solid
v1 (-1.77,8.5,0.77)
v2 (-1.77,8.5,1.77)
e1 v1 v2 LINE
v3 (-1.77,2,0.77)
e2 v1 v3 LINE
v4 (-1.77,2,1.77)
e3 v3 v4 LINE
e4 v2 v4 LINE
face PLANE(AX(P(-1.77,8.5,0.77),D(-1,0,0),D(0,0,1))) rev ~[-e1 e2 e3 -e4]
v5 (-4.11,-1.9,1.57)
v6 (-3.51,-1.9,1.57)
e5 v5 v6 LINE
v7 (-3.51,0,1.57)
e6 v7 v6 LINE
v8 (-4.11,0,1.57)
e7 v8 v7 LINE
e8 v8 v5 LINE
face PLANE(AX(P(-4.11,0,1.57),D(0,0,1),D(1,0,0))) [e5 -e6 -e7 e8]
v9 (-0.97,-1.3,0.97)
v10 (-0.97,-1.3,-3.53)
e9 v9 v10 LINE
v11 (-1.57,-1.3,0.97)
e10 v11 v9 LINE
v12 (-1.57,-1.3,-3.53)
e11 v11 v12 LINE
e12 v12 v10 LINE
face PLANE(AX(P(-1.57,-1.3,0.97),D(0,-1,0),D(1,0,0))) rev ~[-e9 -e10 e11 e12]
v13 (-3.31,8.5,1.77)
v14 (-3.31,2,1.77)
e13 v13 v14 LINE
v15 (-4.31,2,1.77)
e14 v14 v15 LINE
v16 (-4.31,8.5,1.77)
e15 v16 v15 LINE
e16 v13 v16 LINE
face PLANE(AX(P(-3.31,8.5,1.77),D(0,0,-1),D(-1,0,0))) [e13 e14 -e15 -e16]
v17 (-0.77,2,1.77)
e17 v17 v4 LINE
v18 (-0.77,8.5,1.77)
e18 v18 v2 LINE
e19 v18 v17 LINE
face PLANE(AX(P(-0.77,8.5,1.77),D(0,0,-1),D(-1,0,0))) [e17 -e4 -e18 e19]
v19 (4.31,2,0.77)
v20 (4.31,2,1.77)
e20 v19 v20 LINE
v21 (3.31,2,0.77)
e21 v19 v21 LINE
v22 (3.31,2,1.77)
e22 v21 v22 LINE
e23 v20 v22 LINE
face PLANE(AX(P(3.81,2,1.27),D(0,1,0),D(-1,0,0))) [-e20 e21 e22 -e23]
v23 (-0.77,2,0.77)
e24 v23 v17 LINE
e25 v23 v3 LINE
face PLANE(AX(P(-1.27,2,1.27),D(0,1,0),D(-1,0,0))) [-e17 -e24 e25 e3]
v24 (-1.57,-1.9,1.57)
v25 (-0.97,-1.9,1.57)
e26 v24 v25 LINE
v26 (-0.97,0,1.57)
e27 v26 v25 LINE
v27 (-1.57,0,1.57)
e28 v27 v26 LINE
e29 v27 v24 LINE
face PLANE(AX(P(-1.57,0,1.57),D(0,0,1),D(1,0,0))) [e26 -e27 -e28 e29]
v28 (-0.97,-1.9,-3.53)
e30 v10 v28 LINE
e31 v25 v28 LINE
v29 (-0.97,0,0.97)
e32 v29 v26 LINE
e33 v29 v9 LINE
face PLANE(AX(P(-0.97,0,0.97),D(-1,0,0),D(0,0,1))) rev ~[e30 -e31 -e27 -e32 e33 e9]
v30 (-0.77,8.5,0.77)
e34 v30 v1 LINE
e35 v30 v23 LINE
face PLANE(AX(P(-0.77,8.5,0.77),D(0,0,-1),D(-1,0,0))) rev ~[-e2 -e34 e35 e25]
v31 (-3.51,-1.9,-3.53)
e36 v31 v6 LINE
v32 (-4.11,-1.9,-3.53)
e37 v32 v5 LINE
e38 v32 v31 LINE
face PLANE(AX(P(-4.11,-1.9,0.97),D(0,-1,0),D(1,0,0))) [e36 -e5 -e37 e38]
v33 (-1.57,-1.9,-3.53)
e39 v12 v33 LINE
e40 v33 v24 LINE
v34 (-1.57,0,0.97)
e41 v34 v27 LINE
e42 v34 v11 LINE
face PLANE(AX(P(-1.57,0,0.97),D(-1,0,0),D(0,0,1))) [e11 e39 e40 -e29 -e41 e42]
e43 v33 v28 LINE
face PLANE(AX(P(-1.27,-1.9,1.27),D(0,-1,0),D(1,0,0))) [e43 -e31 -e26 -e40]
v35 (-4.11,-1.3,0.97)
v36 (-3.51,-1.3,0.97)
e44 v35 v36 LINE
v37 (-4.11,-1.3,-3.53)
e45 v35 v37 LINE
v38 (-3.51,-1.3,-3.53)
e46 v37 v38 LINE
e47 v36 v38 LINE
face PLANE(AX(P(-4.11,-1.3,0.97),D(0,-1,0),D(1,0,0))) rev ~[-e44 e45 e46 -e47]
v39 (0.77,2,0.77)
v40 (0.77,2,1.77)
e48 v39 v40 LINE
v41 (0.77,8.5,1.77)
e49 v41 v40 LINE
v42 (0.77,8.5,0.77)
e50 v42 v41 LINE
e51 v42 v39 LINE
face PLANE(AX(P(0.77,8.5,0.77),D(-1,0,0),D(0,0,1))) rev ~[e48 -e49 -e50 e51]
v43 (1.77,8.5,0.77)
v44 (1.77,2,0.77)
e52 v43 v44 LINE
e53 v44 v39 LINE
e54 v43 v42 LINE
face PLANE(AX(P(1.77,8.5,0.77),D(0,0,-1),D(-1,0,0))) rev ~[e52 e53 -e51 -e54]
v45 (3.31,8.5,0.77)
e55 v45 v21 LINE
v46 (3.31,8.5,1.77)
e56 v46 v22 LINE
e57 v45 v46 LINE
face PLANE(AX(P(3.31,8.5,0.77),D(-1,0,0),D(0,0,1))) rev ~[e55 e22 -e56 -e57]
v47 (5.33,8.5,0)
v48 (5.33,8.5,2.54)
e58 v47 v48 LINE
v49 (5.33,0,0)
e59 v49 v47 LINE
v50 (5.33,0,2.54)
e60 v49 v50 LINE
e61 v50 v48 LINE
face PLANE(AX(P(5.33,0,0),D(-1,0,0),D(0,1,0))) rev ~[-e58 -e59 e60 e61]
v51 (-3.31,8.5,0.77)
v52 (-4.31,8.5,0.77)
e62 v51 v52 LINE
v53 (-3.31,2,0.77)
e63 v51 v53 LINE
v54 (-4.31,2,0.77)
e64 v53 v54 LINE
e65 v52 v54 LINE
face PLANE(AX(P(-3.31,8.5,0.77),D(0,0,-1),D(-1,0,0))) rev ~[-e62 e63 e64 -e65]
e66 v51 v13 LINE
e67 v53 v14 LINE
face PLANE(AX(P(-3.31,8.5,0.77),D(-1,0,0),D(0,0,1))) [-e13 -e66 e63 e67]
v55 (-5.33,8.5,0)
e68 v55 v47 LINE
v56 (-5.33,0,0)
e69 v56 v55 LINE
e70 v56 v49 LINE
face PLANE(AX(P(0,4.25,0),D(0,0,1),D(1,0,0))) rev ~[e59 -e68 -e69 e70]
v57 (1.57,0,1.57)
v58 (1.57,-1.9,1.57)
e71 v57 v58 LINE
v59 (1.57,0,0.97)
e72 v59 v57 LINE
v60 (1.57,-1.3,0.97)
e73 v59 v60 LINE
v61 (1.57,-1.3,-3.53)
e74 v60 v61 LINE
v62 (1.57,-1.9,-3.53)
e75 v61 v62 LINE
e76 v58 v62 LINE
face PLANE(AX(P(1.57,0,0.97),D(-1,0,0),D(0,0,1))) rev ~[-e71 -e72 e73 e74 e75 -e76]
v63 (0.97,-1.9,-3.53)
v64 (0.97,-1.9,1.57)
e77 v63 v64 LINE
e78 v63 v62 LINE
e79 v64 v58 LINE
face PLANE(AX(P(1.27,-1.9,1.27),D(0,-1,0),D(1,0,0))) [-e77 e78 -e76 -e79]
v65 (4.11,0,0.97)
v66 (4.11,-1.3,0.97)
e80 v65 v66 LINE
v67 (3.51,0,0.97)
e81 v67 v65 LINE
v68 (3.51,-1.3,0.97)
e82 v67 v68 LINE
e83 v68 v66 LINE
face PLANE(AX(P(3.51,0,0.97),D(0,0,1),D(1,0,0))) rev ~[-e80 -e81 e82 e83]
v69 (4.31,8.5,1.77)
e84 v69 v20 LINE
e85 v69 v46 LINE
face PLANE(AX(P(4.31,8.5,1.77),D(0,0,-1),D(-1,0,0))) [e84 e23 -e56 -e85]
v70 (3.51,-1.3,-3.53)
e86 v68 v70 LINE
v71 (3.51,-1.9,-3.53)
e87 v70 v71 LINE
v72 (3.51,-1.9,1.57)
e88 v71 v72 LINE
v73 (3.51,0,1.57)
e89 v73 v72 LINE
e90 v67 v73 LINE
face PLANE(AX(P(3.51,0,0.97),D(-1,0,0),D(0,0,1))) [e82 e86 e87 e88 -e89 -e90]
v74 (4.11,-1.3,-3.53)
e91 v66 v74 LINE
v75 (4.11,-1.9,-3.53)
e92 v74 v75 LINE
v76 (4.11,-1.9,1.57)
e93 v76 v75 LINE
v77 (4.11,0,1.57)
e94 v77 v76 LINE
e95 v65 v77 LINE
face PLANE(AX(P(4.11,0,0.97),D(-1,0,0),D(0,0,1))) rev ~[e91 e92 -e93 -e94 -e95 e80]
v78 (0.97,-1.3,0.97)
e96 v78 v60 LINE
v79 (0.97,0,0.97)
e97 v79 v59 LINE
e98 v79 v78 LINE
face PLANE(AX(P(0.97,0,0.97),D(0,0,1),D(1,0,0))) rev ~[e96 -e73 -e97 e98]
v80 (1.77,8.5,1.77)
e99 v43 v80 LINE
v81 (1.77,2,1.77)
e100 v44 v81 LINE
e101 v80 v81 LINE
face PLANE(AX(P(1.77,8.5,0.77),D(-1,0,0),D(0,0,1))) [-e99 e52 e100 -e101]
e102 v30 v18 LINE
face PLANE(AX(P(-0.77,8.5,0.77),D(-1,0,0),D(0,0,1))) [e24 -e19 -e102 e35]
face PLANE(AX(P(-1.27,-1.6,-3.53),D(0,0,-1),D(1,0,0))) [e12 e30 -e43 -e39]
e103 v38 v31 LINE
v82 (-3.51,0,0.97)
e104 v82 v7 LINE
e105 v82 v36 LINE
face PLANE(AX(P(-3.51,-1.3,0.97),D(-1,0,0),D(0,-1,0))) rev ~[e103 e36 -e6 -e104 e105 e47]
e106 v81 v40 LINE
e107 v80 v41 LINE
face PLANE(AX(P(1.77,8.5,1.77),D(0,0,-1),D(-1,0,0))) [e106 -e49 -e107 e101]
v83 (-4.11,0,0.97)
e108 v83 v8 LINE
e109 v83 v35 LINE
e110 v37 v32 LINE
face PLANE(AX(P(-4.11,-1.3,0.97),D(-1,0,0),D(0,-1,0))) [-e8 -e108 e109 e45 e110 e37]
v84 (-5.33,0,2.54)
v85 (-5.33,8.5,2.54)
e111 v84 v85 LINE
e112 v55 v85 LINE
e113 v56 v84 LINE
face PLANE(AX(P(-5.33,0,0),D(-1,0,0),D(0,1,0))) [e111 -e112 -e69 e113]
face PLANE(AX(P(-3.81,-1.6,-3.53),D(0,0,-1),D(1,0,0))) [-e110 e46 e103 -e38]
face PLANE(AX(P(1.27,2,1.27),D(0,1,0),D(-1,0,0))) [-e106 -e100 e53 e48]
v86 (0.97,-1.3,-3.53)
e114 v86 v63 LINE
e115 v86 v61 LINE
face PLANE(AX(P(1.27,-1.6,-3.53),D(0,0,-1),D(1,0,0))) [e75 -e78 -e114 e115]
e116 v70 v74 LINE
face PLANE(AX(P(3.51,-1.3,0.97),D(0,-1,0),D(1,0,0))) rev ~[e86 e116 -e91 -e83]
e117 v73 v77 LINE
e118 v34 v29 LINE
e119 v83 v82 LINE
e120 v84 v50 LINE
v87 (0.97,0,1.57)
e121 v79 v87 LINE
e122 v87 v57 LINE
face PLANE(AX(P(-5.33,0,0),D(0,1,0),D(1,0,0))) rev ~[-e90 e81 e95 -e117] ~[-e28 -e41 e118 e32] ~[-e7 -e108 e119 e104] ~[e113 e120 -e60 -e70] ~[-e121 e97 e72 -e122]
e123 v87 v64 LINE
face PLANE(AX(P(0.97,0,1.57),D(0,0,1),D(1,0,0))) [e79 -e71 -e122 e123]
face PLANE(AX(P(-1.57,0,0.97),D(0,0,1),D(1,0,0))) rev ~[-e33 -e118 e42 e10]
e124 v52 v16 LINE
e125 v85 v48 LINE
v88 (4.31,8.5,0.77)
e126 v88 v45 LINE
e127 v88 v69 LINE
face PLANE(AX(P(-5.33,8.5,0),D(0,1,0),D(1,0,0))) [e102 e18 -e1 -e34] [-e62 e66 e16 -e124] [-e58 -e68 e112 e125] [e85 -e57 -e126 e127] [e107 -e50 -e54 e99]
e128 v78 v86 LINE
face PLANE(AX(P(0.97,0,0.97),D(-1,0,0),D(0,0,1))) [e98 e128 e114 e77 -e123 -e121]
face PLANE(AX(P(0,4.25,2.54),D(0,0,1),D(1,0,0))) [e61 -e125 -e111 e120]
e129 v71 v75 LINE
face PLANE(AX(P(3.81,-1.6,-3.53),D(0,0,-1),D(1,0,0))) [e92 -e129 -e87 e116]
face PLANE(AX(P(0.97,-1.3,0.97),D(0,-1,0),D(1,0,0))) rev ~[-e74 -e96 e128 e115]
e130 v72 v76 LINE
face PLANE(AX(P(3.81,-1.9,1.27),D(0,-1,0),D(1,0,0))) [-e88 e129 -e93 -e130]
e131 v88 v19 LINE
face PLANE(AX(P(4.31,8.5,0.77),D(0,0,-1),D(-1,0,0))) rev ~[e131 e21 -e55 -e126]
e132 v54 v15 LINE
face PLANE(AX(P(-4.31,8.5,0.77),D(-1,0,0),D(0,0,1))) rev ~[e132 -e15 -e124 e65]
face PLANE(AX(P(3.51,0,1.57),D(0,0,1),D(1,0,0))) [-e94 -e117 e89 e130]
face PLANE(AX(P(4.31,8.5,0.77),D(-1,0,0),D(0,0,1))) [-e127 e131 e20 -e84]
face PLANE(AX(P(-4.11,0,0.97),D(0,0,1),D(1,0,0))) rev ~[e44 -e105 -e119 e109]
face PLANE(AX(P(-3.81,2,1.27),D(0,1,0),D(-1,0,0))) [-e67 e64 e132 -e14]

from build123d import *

# Parameters (mm, degrees)
SKETCH_W     = 10.66
SKETCH_H     = 8.5
PAD_DEPTH    = 2.54
SKETCH001_W  = 1
SKETCH001_H  = 1
POCKET_DEPTH = 6.5
SKETCH002_W  = 0.6
SKETCH002_H  = 0.6
PAD001_DEPTH = 1.9
SKETCH003_W  = 0.6
SKETCH003_H  = 0.6
PAD002_DEPTH = 4.5


with BuildPart() as part:
    # Sketch → Pad (new body)
    with BuildSketch(Plane.XY):
        with Locations((0, 4.25)):
            Rectangle(SKETCH_W, SKETCH_H)
    extrude(amount=PAD_DEPTH)

    # Sketch001 → Pocket (cut)
    with BuildSketch(Plane(origin=(0, 8.5, 0), x_dir=(-1, 0, 0), z_dir=(0, 1, 0))):
        with Locations((-3.81, 1.27)):
            Rectangle(SKETCH001_W, SKETCH001_H)
        with Locations((-1.27, 1.27)):
            Rectangle(SKETCH001_W, SKETCH001_H)
        with Locations((1.27, 1.27)):
            Rectangle(SKETCH001_W, SKETCH001_H)
        with Locations((3.81, 1.27)):
            Rectangle(SKETCH001_W, SKETCH001_H)
    extrude(amount=-POCKET_DEPTH, mode=Mode.SUBTRACT)

    # Sketch002 → Pad001 (new body)
    with BuildSketch(Plane.XZ):
        with Locations((-3.81, 1.27)):
            Rectangle(SKETCH002_W, SKETCH002_H)
        with Locations((-1.27, 1.27)):
            Rectangle(SKETCH002_W, SKETCH002_H)
        with Locations((1.27, 1.27)):
            Rectangle(SKETCH002_W, SKETCH002_H)
        with Locations((3.81, 1.27)):
            Rectangle(SKETCH002_W, SKETCH002_H)
    extrude(amount=PAD001_DEPTH)

    # Sketch003 → Pad002 (new body)
    with BuildSketch(Plane(origin=(0, 0, 0.97), x_dir=(1, 0, 0), z_dir=(0, 0, -1))):
        with Locations((-3.81, 1.6)):
            Rectangle(SKETCH003_W, SKETCH003_H)
        with Locations((-1.27, 1.6)):
            Rectangle(SKETCH003_W, SKETCH003_H)
        with Locations((1.27, 1.6)):
            Rectangle(SKETCH003_W, SKETCH003_H)
        with Locations((3.81, 1.6)):
            Rectangle(SKETCH003_W, SKETCH003_H)
    extrude(amount=PAD002_DEPTH)


solid = part.part
